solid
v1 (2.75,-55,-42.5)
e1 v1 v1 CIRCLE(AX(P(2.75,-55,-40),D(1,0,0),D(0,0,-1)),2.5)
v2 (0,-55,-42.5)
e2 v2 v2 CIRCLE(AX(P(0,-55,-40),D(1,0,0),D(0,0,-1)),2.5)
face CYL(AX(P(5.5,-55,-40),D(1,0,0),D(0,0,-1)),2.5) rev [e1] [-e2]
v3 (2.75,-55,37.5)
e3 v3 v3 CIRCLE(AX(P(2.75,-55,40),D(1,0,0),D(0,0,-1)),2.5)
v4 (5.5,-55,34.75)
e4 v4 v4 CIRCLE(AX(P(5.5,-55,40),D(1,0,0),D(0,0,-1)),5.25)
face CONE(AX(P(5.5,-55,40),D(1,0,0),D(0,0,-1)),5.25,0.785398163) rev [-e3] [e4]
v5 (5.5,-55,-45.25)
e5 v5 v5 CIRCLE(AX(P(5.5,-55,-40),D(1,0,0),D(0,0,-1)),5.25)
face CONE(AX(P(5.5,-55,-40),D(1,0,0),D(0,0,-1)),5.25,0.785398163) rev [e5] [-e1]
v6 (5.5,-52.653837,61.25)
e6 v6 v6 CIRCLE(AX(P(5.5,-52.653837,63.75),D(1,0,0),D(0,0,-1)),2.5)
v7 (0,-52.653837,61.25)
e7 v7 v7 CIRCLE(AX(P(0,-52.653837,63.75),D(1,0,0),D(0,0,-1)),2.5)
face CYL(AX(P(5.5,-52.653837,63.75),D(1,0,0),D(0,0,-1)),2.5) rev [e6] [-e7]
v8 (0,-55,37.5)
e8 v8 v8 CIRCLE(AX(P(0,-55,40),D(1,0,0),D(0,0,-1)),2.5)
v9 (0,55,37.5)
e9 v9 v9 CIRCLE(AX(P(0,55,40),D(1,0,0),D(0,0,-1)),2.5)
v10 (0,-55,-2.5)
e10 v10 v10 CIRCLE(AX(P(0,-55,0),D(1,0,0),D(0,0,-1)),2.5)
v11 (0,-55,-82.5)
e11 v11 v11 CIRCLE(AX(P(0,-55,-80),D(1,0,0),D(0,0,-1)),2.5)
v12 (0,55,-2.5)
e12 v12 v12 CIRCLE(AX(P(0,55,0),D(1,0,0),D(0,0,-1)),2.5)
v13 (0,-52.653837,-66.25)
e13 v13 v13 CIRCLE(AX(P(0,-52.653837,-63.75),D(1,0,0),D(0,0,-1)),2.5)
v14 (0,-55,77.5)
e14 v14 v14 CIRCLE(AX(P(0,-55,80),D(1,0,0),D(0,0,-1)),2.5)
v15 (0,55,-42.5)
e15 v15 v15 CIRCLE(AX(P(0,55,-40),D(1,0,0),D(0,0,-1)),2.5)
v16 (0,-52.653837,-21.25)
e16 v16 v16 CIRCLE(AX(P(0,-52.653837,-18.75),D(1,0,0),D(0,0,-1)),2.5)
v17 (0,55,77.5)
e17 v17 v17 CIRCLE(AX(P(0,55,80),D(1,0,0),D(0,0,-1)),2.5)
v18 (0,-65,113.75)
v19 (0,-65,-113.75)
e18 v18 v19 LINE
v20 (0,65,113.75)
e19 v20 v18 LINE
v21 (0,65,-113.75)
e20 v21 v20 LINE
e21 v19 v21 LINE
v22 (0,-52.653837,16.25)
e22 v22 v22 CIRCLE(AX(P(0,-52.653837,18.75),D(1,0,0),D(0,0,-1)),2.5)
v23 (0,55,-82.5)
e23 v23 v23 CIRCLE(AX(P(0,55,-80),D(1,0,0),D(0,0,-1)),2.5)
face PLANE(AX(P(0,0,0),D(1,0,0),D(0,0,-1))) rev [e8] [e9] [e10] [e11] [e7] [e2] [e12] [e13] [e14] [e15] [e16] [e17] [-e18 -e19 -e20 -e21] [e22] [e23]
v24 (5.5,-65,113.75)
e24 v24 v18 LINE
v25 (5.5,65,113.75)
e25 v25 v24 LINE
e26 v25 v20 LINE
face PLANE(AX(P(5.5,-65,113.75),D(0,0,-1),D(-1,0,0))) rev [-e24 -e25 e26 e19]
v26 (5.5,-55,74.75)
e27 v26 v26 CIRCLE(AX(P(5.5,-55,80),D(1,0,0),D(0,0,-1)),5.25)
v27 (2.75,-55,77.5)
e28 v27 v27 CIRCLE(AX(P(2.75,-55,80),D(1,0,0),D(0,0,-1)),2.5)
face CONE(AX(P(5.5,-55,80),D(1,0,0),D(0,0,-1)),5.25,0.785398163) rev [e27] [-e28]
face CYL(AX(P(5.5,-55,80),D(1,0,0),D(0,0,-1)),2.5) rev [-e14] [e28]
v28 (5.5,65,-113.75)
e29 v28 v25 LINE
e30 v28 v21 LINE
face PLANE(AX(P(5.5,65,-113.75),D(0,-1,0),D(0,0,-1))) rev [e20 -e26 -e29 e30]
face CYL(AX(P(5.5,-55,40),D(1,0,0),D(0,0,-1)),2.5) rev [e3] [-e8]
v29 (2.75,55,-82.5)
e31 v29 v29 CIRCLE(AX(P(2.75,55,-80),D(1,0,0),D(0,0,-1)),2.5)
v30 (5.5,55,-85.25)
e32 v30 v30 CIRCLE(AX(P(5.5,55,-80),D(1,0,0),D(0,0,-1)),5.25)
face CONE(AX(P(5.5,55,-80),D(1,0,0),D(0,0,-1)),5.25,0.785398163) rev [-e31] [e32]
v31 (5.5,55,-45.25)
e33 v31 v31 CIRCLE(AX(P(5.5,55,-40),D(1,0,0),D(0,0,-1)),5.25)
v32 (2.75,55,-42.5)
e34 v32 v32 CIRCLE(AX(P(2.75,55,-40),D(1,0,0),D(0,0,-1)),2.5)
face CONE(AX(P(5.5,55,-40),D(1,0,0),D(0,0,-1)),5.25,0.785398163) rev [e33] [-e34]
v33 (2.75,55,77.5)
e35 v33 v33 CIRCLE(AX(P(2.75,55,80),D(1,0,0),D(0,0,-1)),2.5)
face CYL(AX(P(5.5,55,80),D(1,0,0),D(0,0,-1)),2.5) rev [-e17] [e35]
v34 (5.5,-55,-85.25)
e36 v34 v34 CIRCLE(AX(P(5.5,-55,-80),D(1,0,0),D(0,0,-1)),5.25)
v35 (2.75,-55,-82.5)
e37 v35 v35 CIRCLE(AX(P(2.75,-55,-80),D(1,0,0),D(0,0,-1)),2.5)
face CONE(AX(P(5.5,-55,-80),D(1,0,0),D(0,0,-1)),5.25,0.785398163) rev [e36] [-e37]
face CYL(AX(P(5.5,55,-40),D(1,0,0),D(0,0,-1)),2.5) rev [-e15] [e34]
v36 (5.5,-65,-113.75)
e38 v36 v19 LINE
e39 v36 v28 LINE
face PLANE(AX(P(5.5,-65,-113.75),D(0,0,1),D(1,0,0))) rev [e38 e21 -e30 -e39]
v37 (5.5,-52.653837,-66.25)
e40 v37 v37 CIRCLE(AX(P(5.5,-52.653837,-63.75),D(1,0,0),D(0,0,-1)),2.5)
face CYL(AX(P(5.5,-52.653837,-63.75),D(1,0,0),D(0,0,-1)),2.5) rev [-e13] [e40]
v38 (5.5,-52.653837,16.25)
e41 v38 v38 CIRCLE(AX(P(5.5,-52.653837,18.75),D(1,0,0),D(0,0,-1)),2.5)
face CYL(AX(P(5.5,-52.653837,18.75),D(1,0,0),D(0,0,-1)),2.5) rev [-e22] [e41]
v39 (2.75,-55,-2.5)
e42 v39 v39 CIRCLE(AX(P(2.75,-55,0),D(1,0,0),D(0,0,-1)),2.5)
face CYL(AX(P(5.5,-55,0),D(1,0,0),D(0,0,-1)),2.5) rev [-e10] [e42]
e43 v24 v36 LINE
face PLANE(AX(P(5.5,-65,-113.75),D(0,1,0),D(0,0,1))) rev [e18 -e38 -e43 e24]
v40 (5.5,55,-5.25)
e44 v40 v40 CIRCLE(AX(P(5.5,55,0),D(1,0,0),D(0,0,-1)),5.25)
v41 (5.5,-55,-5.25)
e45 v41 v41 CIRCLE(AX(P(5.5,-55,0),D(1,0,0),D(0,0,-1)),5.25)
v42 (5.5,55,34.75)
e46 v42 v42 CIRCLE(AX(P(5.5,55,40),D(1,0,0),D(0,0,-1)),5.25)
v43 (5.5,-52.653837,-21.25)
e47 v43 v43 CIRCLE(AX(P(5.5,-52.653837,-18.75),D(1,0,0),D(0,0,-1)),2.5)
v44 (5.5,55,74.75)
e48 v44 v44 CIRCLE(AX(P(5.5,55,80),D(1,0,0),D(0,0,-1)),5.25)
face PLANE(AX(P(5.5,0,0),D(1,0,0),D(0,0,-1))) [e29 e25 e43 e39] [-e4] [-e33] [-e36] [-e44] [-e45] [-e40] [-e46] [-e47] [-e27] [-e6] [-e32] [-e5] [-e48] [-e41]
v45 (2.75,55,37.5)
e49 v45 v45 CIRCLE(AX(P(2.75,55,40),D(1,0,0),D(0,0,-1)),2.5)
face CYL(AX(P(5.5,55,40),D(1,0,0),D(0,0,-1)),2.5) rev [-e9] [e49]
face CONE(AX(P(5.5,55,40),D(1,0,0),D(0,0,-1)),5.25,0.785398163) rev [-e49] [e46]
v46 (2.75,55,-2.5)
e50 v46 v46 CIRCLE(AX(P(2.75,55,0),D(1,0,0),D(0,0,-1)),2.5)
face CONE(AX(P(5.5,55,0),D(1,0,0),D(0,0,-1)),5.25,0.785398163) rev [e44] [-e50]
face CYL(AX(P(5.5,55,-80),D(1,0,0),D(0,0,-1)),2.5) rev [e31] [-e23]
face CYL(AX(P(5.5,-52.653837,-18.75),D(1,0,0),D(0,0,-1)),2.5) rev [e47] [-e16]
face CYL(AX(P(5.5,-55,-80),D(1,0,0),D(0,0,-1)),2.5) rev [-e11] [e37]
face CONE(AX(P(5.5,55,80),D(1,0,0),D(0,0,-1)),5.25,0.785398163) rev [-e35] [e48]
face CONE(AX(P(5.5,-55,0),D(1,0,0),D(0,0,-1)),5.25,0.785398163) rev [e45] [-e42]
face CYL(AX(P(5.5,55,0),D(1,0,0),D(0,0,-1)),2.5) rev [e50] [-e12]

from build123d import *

# Parameters (mm, degrees)
SKETCH1_W                                            = 227.5
SKETCH1_H                                            = 130
BOSS_EXTRUDE1_DEPTH                                  = 5.5
CSK_FOR_M5_HEX_SOCKET_COUNTERSUNK_CAP_SC_D           = 5
CSK_FOR_M5_HEX_SOCKET_COUNTERSUNK_CAP_SC_CSINK_D     = 10.5
CSK_FOR_M5_HEX_SOCKET_COUNTERSUNK_CAP_SC_CSINK_ANGLE = 90
TAP_DRILL_FOR_M5X0_8_TAP1_D                          = 5


with BuildPart() as part:
    # Sketch1 → Boss-Extrude1 (new body)
    with BuildSketch(Plane(origin=(0, 0, 0), x_dir=(0, 0, -1), z_dir=(1, 0, 0))):
        Rectangle(SKETCH1_W, SKETCH1_H)
    extrude(amount=BOSS_EXTRUDE1_DEPTH)

    # CSK for M5 Hex Socket Countersunk Cap Screw1 (through all)
    with Locations(Plane(origin=(5.5, 0, 0), x_dir=(0, 0, -1), z_dir=(1, 0, 0))):
        with Locations((80, 55), (40, 55), (0, 55), (-40, 55), (-80, 55), (-80, -55), (-40, -55), (0, -55), (40, -55), (80, -55)):
            CounterSinkHole(CSK_FOR_M5_HEX_SOCKET_COUNTERSUNK_CAP_SC_D / 2, CSK_FOR_M5_HEX_SOCKET_COUNTERSUNK_CAP_SC_CSINK_D / 2, counter_sink_angle=CSK_FOR_M5_HEX_SOCKET_COUNTERSUNK_CAP_SC_CSINK_ANGLE)

    # Tap Drill for M5x0.8 Tap1 (through all)
    with Locations(Plane(origin=(5.5, 0, 0), x_dir=(0, 0, -1), z_dir=(1, 0, 0))):
        with Locations((-63.75, -52.653836842), (-18.75, -52.653836842), (18.75, -52.653836842), (63.75, -52.653836842)):
            Hole(TAP_DRILL_FOR_M5X0_8_TAP1_D / 2)


solid = part.part
